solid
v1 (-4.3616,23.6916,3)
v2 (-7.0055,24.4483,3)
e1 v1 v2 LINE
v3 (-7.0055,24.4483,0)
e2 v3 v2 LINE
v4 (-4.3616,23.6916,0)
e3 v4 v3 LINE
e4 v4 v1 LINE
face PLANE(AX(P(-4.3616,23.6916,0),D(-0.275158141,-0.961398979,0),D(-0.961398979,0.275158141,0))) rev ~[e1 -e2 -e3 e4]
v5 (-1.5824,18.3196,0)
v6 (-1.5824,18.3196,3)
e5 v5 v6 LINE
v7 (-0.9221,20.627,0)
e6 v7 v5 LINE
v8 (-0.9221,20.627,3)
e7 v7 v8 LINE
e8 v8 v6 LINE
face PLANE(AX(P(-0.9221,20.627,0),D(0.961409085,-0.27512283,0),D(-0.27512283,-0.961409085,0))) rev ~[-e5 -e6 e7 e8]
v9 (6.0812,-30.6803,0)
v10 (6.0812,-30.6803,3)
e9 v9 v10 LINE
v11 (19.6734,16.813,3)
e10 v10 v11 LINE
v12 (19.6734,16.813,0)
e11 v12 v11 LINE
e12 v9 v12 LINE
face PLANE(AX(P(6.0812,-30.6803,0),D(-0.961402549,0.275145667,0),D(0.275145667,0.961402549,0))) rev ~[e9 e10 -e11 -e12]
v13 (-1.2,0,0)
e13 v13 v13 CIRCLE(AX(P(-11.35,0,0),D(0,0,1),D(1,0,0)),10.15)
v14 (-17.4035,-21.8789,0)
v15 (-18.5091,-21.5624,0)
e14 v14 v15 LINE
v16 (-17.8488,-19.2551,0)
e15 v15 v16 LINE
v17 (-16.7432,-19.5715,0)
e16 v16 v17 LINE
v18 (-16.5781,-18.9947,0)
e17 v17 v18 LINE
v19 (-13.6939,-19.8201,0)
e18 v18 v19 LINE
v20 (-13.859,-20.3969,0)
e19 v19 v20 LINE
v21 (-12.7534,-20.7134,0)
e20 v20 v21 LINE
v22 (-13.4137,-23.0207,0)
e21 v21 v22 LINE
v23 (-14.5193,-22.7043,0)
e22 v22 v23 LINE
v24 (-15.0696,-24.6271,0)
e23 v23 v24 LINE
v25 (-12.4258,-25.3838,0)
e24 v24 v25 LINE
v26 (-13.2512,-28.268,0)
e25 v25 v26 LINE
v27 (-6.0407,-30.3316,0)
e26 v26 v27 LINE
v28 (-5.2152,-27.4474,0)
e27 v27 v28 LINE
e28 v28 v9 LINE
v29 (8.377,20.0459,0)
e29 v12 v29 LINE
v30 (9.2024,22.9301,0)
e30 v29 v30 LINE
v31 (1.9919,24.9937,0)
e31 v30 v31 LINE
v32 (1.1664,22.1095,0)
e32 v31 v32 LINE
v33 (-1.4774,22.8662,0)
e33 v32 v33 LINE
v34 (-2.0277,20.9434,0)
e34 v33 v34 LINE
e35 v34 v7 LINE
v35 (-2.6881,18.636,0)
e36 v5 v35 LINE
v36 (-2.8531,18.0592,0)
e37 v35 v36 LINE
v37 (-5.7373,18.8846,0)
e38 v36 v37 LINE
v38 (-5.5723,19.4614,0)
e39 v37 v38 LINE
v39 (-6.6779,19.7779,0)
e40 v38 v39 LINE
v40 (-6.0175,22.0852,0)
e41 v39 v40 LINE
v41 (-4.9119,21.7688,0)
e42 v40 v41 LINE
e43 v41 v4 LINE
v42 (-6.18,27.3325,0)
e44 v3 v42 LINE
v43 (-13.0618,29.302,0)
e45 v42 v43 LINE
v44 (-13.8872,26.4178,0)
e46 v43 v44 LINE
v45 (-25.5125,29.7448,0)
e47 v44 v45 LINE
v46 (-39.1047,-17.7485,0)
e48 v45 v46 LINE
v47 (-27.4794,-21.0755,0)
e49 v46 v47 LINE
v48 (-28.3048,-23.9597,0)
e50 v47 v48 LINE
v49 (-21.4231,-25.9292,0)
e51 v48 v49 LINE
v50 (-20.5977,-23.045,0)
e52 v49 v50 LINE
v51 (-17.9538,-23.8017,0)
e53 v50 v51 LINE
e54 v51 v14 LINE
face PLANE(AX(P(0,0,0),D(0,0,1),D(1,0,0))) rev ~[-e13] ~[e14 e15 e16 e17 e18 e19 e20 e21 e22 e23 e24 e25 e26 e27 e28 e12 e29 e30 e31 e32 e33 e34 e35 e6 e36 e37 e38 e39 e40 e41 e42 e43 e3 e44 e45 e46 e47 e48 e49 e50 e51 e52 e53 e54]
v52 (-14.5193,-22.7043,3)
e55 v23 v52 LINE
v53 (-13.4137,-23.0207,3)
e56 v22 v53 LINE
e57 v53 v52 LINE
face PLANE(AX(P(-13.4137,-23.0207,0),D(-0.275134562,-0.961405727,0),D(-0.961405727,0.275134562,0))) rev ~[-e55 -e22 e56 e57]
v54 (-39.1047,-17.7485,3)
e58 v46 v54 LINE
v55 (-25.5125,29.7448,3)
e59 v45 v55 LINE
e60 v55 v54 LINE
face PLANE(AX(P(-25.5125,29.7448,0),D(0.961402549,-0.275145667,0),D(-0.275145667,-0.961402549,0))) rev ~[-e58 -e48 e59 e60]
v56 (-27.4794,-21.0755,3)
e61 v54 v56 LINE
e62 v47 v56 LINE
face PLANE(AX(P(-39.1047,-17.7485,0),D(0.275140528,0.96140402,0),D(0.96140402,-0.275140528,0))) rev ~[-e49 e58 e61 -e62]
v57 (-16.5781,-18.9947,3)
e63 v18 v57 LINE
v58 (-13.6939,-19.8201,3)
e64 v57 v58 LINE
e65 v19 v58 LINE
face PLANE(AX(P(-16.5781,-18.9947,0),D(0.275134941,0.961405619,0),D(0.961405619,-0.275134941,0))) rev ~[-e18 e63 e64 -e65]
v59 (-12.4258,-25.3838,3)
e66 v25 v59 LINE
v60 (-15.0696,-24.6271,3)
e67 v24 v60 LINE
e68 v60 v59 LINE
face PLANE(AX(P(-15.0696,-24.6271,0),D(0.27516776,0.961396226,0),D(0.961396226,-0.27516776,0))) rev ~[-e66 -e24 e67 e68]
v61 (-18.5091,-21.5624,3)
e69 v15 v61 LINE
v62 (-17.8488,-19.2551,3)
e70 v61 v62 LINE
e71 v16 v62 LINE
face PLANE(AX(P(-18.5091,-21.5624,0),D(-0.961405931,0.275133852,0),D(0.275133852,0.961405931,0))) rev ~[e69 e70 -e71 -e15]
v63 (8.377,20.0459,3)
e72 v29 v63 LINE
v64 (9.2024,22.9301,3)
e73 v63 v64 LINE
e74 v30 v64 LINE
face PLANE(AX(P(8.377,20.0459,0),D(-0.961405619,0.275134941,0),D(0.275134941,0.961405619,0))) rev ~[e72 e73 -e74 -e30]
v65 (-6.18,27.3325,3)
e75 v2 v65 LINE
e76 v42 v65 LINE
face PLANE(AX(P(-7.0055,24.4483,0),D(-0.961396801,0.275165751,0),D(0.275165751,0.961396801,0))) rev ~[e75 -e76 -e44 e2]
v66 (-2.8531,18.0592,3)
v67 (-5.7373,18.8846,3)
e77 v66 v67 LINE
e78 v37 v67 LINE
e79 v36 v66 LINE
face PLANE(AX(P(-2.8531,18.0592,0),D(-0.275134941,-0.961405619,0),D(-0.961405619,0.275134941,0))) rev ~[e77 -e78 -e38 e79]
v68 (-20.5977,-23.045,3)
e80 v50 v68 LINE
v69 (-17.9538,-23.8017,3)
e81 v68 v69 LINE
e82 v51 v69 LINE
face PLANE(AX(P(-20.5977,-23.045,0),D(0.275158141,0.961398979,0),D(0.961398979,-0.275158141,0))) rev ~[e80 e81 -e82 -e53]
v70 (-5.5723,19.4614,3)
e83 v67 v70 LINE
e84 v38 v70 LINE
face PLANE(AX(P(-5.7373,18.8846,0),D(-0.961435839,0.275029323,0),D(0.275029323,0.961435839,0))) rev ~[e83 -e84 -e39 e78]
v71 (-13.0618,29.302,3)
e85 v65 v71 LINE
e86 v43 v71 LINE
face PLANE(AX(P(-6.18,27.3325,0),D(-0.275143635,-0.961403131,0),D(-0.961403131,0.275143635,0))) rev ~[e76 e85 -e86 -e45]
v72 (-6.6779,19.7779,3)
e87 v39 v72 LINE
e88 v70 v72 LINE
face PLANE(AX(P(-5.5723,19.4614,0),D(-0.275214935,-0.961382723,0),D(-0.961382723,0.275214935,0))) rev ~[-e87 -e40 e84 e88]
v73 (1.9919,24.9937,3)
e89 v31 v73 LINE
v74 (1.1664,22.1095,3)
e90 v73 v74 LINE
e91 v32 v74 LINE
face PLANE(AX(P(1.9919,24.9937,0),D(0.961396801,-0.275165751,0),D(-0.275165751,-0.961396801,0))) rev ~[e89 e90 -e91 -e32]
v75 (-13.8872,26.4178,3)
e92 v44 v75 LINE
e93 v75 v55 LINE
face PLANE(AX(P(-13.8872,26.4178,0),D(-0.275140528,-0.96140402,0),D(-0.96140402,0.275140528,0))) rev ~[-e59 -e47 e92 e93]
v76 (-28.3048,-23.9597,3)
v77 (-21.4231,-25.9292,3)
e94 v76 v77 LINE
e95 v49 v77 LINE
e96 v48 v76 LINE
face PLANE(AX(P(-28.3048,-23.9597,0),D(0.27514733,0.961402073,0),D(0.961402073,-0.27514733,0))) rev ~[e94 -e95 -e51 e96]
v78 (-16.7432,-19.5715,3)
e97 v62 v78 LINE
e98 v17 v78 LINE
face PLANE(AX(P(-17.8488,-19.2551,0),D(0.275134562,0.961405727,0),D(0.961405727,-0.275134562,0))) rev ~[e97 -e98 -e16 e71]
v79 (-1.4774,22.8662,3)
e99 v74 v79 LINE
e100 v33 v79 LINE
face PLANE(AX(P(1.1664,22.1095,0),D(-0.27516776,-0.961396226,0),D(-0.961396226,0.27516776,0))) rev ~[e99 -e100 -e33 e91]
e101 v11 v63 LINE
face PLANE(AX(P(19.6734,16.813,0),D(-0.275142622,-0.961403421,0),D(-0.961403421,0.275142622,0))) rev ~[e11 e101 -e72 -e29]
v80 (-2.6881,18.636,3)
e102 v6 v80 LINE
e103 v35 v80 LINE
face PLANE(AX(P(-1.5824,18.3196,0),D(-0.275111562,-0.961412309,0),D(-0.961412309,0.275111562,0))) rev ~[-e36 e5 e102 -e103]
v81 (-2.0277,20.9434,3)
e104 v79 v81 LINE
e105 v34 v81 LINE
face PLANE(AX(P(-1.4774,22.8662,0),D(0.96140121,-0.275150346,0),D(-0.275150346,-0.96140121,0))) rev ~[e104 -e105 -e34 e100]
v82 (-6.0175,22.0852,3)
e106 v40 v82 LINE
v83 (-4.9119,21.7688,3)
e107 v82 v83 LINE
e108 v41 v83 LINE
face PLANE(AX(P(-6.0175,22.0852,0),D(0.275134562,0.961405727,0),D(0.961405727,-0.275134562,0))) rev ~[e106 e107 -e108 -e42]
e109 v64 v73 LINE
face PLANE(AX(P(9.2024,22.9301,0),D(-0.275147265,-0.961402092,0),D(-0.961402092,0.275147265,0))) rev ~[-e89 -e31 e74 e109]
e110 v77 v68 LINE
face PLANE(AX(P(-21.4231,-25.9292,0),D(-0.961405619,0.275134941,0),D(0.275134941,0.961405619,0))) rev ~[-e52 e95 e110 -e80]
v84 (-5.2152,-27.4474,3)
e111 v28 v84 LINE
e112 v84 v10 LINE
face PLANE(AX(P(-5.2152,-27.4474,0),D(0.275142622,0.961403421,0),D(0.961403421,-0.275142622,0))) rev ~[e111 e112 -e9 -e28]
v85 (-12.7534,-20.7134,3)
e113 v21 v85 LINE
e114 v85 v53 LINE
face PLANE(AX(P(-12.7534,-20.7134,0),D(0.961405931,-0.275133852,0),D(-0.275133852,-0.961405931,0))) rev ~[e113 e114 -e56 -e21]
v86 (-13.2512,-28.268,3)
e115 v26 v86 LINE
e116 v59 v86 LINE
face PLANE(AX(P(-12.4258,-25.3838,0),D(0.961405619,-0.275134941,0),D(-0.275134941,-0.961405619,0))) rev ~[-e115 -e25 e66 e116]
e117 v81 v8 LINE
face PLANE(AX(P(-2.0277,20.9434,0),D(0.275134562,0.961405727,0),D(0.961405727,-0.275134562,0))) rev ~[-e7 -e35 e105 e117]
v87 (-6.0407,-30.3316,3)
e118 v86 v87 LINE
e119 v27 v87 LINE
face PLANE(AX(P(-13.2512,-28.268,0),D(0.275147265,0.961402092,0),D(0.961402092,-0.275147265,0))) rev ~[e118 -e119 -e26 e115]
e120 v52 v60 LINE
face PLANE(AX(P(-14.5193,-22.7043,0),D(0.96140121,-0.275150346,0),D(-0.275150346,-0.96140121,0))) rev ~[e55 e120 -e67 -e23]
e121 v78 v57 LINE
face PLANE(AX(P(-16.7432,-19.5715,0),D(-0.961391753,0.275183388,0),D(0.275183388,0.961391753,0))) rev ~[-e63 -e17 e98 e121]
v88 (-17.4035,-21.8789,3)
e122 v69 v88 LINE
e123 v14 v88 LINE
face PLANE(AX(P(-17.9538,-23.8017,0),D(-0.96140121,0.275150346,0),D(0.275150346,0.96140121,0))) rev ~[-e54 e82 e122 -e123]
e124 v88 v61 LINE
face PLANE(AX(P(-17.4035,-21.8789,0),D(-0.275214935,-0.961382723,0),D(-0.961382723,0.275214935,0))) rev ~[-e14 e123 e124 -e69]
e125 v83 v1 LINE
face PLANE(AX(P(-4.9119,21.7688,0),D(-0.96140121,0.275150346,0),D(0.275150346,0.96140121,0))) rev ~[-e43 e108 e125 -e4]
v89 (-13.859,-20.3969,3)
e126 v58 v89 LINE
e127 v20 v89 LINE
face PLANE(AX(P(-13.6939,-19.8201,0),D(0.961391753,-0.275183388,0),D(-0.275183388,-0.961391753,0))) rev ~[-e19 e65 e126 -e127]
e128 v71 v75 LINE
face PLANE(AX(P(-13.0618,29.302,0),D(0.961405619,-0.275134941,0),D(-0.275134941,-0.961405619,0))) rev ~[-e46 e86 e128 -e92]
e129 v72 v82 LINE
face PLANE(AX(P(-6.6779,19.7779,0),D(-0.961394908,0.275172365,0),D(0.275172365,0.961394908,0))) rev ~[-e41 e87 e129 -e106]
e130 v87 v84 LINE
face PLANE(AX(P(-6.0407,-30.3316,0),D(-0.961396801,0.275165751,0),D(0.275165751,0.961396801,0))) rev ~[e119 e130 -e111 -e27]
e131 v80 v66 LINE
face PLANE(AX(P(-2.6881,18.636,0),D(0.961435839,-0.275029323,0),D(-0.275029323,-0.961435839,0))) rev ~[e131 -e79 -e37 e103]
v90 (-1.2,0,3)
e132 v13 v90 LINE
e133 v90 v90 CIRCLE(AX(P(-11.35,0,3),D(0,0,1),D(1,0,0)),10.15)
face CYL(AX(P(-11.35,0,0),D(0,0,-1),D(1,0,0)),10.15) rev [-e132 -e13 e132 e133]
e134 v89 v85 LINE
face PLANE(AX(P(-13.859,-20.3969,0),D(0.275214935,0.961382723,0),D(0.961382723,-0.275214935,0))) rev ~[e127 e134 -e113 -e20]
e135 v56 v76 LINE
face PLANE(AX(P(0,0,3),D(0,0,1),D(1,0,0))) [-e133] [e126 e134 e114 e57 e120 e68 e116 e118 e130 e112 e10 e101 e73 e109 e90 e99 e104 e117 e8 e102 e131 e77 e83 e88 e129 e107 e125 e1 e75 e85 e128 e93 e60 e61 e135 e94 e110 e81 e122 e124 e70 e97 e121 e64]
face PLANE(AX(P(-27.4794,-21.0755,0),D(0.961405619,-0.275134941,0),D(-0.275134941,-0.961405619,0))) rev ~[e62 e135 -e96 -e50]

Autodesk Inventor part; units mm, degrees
ref_plane "YZ Plane" through (0, 0, 0) normal (1, 0, 0) x (0, 1, 0)
ref_plane "XZ Plane" through (0, 0, 0) normal (0, 1, 0) x (-1, 0, 0)
ref_plane "XY Plane" through (0, 0, 0) normal (0, 0, 1) x (1, 0, 0)
sketch "Sketch1" plane through (0, 0, 0) normal (0, 0, 1) x (1, 0, 0)
  line L0 (-13.2512, -28.268) -> (-6.0407, -30.3316) projected
  line L1 (-6.0407, -30.3316) -> (-5.2152, -27.4474) projected
  circle A0 centre (-11.35, 0) radius 10.15 projected
  line L2 (-5.2152, -27.4474) -> (6.0812, -30.6803) projected
  line L3 (-28.3048, -23.9597) -> (-21.4231, -25.9292) projected
  line L4 (-21.4231, -25.9292) -> (-20.5977, -23.045) projected
  line L5 (-20.5977, -23.045) -> (-17.9538, -23.8017) projected
  line L6 (-17.9538, -23.8017) -> (-17.4035, -21.8789) projected
  line L7 (-17.4035, -21.8789) -> (-18.5091, -21.5624) projected
  line L8 (-18.5091, -21.5624) -> (-17.8488, -19.2551) projected
  line L9 (-17.8488, -19.2551) -> (-16.7432, -19.5715) projected
  line L10 (-16.7432, -19.5715) -> (-16.5781, -18.9947) projected
  line L11 (-16.5781, -18.9947) -> (-13.6939, -19.8201) projected
  line L12 (-13.6939, -19.8201) -> (-13.859, -20.3969) projected
  line L13 (-13.859, -20.3969) -> (-12.7534, -20.7134) projected
  line L14 (-12.7534, -20.7134) -> (-13.4137, -23.0207) projected
  line L15 (-13.4137, -23.0207) -> (-14.5193, -22.7043) projected
  line L16 (-14.5193, -22.7043) -> (-15.0696, -24.6271) projected
  line L17 (-15.0696, -24.6271) -> (-12.4258, -25.3838) projected
  line L18 (-12.4258, -25.3838) -> (-13.2512, -28.268) projected
  circle A1 centre (-11.35, 0) radius 13.25 projected
  line L19 (6.0812, -30.6803) -> (19.6734, 16.813) projected
  line L20 (19.6734, 16.813) -> (8.377, 20.0459) projected
  line L21 (8.377, 20.0459) -> (9.2024, 22.9301) projected
  line L22 (9.2024, 22.9301) -> (1.9919, 24.9937) projected
  line L23 (1.9919, 24.9937) -> (1.1664, 22.1095) projected
  line L24 (1.1664, 22.1095) -> (-1.4774, 22.8662) projected
  line L25 (-1.4774, 22.8662) -> (-2.0277, 20.9434) projected
  line L26 (-2.0277, 20.9434) -> (-0.9221, 20.627) projected
  line L27 (-0.9221, 20.627) -> (-1.5824, 18.3196) projected
  line L28 (-1.5824, 18.3196) -> (-2.6881, 18.636) projected
  line L29 (-2.6881, 18.636) -> (-2.8531, 18.0592) projected
  line L30 (-2.8531, 18.0592) -> (-5.7373, 18.8846) projected
  line L31 (-5.7373, 18.8846) -> (-5.5723, 19.4614) projected
  line L32 (-5.5723, 19.4614) -> (-6.6779, 19.7779) projected
  line L33 (-6.6779, 19.7779) -> (-6.0175, 22.0852) projected
  line L34 (-6.0175, 22.0852) -> (-4.9119, 21.7688) projected
  line L35 (-4.9119, 21.7688) -> (-4.3616, 23.6916) projected
  line L36 (-4.3616, 23.6916) -> (-7.0055, 24.4483) projected
  line L37 (-7.0055, 24.4483) -> (-6.18, 27.3325) projected
  line L38 (-6.18, 27.3325) -> (-13.0618, 29.302) projected
  line L39 (-13.0618, 29.302) -> (-13.8872, 26.4178) projected
  line L40 (-13.8872, 26.4178) -> (-25.5125, 29.7448) projected
  line L41 (-25.5125, 29.7448) -> (-39.1047, -17.7485) projected
  line L42 (-39.1047, -17.7485) -> (-27.4794, -21.0755) projected
  line L43 (-27.4794, -21.0755) -> (-28.3048, -23.9597) projected
  point P0 (0, 0)
extrude "Extrusion1" add sketch "Sketch1" along normal blind 3 contours L18 L17 L16 L15 L14 L13 L12 L11 L10 L9 L8 L7 L6 L5 L4 L3 L43 L42 L41 L40 L39 L38 L37 L36 L35 L34 L33 L32 L31 L30 L29 L28 L27 L26 L25 L24 L23 L22 L21 L20 L19 L2 L1 L0 | A1
